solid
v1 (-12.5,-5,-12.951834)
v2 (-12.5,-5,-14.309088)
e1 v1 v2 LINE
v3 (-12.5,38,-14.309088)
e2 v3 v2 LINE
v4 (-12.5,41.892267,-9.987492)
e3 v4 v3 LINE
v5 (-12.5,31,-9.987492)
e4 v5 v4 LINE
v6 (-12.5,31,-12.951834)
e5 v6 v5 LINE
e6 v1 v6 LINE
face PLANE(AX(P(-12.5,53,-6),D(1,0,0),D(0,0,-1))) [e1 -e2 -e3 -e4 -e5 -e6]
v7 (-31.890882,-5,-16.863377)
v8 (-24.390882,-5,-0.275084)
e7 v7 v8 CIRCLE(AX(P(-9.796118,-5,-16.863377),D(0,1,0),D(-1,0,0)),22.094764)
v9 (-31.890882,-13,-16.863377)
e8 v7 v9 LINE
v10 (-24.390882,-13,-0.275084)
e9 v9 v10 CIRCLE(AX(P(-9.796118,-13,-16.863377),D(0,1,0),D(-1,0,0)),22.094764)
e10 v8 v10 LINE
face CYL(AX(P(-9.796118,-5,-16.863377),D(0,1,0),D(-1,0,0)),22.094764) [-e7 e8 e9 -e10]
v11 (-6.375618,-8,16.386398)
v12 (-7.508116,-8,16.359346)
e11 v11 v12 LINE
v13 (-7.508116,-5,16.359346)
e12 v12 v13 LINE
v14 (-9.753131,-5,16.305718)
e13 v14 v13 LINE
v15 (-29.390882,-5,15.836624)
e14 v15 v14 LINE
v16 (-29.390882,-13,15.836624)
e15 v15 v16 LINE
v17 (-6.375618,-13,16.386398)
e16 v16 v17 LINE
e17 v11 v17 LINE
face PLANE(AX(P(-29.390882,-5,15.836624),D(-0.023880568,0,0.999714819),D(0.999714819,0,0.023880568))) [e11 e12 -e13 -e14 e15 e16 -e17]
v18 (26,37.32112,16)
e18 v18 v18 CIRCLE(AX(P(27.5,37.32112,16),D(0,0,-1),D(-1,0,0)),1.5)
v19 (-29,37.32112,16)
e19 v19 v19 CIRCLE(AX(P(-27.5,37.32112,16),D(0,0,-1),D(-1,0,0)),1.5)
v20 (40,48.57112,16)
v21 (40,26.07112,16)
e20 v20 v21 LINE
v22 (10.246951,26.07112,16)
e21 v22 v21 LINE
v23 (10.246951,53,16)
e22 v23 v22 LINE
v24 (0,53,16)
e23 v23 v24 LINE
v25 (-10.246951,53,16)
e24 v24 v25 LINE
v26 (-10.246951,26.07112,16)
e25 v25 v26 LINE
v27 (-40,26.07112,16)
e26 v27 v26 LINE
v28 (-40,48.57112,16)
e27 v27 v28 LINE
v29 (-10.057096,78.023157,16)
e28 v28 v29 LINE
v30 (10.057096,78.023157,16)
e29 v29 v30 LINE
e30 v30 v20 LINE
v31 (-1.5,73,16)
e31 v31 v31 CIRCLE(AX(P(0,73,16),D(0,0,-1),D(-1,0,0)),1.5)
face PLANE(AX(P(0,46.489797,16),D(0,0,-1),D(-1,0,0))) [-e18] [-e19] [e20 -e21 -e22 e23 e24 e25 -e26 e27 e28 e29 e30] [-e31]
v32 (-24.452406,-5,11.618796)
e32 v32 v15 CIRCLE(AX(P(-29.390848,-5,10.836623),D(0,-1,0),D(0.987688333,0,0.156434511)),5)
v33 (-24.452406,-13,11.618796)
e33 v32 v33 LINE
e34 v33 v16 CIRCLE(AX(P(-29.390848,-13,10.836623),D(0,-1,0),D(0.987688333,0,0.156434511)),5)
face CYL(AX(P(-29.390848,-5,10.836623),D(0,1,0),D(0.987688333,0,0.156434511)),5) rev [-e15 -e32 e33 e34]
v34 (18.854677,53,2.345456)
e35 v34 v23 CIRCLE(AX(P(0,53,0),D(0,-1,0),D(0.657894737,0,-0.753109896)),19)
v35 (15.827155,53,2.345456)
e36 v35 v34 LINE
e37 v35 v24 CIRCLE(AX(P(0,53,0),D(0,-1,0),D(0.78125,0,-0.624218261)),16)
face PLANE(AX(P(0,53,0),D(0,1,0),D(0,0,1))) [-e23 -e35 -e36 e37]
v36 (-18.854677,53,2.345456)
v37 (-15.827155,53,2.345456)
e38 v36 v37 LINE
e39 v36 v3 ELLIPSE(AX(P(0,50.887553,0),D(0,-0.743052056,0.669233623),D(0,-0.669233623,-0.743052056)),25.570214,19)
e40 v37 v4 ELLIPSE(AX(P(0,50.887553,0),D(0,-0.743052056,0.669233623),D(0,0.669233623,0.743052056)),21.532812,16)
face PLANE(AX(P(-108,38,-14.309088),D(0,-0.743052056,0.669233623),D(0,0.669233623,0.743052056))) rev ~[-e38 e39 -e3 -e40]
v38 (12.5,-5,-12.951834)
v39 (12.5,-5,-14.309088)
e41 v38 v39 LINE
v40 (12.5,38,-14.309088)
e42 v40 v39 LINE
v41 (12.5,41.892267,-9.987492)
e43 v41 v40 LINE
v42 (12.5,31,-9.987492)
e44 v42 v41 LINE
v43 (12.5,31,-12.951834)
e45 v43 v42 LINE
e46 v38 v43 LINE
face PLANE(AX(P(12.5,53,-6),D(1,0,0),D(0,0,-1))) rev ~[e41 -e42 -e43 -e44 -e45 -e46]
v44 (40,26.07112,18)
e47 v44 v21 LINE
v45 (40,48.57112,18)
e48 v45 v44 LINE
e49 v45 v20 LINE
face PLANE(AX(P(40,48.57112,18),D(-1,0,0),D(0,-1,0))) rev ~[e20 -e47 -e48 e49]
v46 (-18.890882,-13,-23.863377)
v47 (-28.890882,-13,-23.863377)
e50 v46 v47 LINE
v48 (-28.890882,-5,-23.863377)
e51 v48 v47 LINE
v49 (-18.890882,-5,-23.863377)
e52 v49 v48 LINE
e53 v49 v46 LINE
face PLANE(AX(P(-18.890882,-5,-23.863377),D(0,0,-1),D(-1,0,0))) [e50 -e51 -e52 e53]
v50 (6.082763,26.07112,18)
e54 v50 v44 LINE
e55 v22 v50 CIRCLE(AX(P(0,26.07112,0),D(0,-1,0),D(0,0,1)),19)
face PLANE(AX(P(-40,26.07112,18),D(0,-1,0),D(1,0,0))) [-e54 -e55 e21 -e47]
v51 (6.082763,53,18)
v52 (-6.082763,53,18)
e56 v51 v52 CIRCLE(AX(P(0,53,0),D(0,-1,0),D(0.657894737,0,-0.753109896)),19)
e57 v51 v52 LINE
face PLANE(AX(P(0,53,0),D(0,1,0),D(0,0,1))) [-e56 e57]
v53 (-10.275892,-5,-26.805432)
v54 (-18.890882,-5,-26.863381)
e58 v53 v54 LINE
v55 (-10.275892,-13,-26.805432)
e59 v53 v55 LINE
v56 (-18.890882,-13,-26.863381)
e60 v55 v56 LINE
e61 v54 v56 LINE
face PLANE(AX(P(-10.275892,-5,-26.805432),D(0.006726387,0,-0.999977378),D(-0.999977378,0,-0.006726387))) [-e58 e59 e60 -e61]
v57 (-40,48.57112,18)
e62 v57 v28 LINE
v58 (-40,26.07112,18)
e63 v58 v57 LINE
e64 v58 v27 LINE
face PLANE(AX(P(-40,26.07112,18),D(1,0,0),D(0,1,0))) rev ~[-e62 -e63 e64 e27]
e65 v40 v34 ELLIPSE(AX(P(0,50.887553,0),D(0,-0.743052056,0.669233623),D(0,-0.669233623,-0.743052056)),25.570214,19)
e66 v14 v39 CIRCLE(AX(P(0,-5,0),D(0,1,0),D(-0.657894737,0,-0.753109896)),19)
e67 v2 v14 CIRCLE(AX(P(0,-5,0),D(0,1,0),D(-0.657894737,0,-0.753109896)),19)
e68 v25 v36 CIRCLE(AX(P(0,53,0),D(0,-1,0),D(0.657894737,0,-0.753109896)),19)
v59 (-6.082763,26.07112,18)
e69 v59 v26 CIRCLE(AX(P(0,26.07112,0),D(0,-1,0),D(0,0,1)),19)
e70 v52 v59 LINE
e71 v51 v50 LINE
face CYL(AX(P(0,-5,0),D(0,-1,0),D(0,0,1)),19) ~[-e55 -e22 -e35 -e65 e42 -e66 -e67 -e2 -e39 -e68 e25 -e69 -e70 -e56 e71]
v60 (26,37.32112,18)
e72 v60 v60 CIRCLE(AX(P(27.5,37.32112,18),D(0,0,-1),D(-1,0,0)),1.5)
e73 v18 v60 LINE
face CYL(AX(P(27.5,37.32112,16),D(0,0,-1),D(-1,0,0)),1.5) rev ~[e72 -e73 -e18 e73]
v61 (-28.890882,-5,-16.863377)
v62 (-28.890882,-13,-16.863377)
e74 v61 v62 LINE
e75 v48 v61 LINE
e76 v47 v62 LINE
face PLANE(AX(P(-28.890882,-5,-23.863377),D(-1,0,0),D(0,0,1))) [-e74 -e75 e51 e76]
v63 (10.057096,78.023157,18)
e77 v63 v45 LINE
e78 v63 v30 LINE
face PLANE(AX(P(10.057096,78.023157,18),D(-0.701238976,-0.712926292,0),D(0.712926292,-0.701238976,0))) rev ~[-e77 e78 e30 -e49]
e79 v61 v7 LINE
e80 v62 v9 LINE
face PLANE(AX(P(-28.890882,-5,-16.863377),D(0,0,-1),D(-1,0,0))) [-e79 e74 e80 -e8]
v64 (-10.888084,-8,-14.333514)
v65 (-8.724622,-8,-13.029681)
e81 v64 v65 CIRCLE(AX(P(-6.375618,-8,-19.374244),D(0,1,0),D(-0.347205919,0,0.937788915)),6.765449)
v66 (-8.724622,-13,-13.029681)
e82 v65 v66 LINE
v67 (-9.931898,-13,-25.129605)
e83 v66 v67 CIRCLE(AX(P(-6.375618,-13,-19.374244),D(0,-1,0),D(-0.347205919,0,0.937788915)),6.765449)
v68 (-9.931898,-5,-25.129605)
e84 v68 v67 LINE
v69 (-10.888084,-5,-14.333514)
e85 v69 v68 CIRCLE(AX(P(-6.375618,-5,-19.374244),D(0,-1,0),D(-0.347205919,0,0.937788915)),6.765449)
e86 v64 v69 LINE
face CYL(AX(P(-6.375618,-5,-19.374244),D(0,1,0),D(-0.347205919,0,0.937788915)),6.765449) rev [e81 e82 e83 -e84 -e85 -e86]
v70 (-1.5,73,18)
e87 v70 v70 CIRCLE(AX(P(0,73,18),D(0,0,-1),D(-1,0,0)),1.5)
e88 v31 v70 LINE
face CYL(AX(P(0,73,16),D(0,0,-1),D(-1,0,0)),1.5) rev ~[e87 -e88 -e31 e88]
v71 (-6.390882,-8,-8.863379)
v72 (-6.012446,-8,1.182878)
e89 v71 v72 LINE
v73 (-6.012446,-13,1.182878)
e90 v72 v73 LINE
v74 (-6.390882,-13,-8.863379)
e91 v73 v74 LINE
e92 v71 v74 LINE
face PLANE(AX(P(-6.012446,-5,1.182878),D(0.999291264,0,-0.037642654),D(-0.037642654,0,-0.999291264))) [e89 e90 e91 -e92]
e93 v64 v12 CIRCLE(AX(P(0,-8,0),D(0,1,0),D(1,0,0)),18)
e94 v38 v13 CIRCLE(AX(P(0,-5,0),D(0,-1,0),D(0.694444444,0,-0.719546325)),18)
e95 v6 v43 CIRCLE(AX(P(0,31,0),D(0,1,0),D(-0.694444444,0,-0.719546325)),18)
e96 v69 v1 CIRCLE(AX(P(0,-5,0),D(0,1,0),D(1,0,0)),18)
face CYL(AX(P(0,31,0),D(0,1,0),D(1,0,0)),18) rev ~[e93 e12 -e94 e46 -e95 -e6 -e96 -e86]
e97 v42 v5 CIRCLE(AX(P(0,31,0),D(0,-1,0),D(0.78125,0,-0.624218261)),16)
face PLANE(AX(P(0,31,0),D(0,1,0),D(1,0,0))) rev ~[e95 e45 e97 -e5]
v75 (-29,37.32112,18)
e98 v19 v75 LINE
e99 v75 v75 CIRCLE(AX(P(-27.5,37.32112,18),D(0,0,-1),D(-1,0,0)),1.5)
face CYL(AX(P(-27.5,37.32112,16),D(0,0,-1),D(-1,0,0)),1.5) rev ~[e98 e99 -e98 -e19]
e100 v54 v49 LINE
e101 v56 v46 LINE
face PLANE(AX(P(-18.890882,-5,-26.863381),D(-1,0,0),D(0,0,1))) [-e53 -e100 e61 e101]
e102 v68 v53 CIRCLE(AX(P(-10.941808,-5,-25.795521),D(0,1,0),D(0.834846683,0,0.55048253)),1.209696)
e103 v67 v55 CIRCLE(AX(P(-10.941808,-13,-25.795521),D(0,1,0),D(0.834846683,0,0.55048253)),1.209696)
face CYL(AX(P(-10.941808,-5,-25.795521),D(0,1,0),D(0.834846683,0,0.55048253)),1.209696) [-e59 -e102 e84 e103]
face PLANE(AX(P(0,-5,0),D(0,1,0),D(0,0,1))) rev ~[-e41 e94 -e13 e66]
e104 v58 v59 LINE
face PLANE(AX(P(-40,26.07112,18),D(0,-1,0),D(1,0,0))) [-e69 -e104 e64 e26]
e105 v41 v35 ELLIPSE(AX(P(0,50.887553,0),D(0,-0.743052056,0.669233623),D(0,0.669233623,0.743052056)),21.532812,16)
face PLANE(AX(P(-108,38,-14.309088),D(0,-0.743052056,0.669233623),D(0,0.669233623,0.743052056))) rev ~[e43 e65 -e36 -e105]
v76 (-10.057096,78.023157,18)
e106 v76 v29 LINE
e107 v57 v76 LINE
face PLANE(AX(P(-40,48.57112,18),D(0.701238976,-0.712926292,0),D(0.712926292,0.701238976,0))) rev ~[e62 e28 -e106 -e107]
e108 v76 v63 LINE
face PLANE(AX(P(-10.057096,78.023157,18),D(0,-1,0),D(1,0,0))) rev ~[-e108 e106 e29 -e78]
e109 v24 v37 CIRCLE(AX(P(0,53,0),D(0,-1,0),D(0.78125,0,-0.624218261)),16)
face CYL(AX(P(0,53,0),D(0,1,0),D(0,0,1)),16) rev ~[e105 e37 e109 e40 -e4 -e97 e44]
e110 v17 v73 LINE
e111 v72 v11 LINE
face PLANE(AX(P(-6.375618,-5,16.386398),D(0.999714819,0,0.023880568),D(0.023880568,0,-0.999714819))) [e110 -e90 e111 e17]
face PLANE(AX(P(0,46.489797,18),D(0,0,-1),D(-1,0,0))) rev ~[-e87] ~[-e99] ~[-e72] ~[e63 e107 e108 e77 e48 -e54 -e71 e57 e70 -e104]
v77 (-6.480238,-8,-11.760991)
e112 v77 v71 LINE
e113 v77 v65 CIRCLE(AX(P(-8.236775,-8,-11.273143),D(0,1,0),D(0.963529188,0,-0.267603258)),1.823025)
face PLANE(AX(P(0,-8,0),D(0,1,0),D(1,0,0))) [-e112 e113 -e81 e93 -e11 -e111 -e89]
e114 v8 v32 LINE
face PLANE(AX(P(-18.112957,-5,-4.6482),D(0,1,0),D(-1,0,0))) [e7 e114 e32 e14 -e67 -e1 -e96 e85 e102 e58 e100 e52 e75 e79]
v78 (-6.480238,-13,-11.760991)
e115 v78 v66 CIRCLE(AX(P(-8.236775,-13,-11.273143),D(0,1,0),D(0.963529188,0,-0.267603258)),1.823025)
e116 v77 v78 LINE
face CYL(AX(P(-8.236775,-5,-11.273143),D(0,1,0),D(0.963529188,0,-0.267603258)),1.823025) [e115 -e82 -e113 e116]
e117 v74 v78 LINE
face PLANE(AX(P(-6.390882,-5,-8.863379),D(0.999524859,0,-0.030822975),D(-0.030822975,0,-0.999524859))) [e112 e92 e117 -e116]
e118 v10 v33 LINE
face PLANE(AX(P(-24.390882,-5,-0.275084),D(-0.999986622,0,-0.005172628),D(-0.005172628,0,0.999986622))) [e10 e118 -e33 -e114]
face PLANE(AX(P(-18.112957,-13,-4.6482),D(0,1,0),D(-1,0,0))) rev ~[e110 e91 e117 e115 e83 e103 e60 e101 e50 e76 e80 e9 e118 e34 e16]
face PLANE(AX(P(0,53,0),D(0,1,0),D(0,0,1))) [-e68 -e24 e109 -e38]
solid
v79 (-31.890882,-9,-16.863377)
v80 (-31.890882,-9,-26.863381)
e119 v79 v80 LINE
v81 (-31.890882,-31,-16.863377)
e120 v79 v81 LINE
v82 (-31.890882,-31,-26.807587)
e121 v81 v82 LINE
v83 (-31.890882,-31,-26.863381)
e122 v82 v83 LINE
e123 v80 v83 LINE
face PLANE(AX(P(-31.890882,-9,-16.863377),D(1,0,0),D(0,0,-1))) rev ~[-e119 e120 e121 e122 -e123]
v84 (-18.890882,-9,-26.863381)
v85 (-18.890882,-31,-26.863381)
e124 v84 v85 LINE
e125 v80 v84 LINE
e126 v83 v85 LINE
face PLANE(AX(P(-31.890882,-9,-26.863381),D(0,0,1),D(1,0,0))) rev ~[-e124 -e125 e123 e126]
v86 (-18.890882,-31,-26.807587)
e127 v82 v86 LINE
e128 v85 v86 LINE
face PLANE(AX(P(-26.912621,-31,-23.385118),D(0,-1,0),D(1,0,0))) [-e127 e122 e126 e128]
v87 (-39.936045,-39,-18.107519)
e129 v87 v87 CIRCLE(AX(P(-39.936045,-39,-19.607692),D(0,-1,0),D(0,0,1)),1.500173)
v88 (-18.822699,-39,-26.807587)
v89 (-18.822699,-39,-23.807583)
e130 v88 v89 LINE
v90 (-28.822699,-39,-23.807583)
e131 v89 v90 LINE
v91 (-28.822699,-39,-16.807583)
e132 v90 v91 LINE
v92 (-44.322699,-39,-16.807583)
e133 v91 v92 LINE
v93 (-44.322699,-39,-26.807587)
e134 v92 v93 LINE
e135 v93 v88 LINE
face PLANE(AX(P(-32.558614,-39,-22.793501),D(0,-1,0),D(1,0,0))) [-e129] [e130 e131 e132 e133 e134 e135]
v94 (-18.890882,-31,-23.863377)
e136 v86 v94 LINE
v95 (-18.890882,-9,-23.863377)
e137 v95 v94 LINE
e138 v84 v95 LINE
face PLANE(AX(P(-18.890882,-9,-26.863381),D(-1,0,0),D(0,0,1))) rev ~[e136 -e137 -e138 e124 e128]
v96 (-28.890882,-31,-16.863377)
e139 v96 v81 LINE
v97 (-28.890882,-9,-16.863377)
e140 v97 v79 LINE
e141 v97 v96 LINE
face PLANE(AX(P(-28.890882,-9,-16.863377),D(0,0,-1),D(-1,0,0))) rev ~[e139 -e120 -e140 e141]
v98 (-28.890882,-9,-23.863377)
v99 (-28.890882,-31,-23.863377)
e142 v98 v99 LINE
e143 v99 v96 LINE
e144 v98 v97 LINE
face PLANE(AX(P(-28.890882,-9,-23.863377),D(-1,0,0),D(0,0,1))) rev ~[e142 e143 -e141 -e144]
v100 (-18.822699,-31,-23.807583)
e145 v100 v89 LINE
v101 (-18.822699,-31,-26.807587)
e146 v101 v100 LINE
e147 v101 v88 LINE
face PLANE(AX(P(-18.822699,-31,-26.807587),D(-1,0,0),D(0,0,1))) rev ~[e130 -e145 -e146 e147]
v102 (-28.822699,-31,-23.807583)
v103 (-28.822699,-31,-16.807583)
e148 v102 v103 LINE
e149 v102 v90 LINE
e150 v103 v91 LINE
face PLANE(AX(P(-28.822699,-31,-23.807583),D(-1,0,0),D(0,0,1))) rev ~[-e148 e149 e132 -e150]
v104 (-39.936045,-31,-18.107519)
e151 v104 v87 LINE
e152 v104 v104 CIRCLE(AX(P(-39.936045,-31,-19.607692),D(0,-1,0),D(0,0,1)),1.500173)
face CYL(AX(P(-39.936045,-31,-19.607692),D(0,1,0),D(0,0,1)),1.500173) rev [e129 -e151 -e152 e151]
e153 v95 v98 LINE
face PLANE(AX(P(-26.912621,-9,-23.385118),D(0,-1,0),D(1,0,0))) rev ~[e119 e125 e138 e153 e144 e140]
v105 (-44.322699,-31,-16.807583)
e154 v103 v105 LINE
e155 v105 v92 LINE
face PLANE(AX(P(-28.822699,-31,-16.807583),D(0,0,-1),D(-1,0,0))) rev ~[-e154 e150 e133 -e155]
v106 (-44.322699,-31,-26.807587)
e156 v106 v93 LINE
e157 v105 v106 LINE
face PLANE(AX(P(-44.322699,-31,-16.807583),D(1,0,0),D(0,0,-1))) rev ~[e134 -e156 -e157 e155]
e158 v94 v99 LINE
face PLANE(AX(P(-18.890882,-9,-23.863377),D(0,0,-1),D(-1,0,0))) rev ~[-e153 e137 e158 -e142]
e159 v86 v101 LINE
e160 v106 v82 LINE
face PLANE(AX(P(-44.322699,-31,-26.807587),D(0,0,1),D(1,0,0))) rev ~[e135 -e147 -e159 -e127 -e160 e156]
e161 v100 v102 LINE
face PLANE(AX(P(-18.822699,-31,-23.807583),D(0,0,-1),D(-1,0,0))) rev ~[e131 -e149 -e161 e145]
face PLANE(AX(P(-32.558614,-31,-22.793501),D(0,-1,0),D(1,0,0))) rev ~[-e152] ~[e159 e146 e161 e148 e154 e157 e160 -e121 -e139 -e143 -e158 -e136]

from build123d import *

# Parameters (mm, degrees)
BOSS_EXTRUDE1_DEPTH      = 53
BOSS_EXTRUDE1_DEPTH_BACK = 5
SKETCH1_R                = 19
SKETCH2_R                = 16
CUT_EXTRUDE1_DEPTH       = 22
SKETCH3_W                = 25
SKETCH3_H                = 20
CUT_EXTRUDE2_DEPTH       = 108
CUT_EXTRUDE3_DEPTH       = 108
CUT_EXTRUDE3_DEPTH_BACK  = 108
BOSS_EXTRUDE2_DEPTH      = 2
SKETCH10_R               = 1.5
CUT_EXTRUDE4_DEPTH       = 16
BOSS_EXTRUDE3_DEPTH      = 8
BOSS_EXTRUDE5_DEPTH      = 18
BOSS_EXTRUDE5_DEPTH_BACK = 4
SKETCH13_R               = 1.500172947
BOSS_EXTRUDE6_DEPTH      = 8
SKETCH15_R               = 18
CUT_EXTRUDE5_DEPTH       = 39


with BuildPart() as part:
    # Sketch1 → Boss-Extrude1 (new, two sides: drawn at the far end of the back side and taken through both)
    with BuildSketch(Plane(origin=(0, 0, 0), x_dir=(1, 0, 0), z_dir=(0, 1, 0)).offset(-BOSS_EXTRUDE1_DEPTH_BACK)):
        with Locations(Location((0, 0, 0), (0, 0, 270))):
            Circle(SKETCH1_R)
    extrude(amount=BOSS_EXTRUDE1_DEPTH + BOSS_EXTRUDE1_DEPTH_BACK)

    # Sketch2 → Cut-Extrude1 (cut)
    with BuildSketch(Plane(origin=(0, 53, 0), x_dir=(1, 0, 0), z_dir=(0, 1, 0))):
        with Locations(Location((0, 0, 0), (0, 0, 270))):
            Circle(SKETCH2_R)
    extrude(amount=-CUT_EXTRUDE1_DEPTH, mode=Mode.SUBTRACT)

    # Sketch3 → Cut-Extrude2 (cut)
    with BuildSketch(Plane(origin=(0, 53, 0), x_dir=(1, 0, 0), z_dir=(0, 1, 0))):
        with Locations((0, 16)):
            Rectangle(SKETCH3_W, SKETCH3_H)
    extrude(amount=-CUT_EXTRUDE2_DEPTH, mode=Mode.SUBTRACT)

    # Sketch7 → Cut-Extrude3 (cut, two sides: drawn at the far end of the back side and taken through both)
    with BuildSketch(Plane(origin=(0, 0, 0), x_dir=(0, 0, -1), z_dir=(1, 0, 0)).offset(-CUT_EXTRUDE3_DEPTH_BACK)):
        Polygon((14.309088021, 53), (14.309088021, 38), (-2.345455989, 53), align=None)
    extrude(amount=CUT_EXTRUDE3_DEPTH + CUT_EXTRUDE3_DEPTH_BACK, mode=Mode.SUBTRACT)

    # Sketch8 → Boss-Extrude2 (add)
    with BuildSketch(Plane.XY.offset(18)):
        Polygon((10.05709572, 78.023156751), (40, 48.571119754), (40, 26.071119754), (0, 26.071119754), (-40, 26.071119754), (-40, 48.571119754), (-10.05709572, 78.023156751), align=None)
    extrude(amount=-BOSS_EXTRUDE2_DEPTH)

    # Sketch10 → Cut-Extrude4 (cut)
    with BuildSketch(Plane(origin=(0, 0, 16), x_dir=(-1, 0, 0), z_dir=(0, 0, -1))):
        with Locations((-27.5, 37.321119754)):
            Circle(SKETCH10_R)
        with Locations((27.5, 37.321119754)):
            Circle(SKETCH10_R)
        with Locations((0, 73)):
            Circle(SKETCH10_R)
    extrude(amount=-CUT_EXTRUDE4_DEPTH, mode=Mode.SUBTRACT)

    # Sketch11 → Boss-Extrude3 (add)
    with BuildSketch(Plane.XZ.offset(5)):
        with BuildLine():
            Line((-6.390882144, -8.863379027), (-6.480237612, -11.760990645))
            ThreePointArc((-6.480237612, -11.760990645), (-7.33967567, -12.860163004), (-8.724622378, -13.029680754))
            ThreePointArc((-8.724622378, -13.029680754), (-13.107641391, -18.70255332), (-9.931897769, -25.129604841))
            ThreePointArc((-9.931897769, -25.129604841), (-9.756819698, -26.038761874), (-10.275891909, -26.805431868))
            Line((-10.275891909, -26.805431868), (-18.890882144, -26.863380934))
            Line((-18.890882144, -26.863380934), (-18.890882144, -23.863377119))
            Line((-18.890882144, -23.863377119), (-28.890882144, -23.863377119))
            Line((-28.890882144, -23.863377119), (-28.890882144, -16.863377119))
            Line((-28.890882144, -16.863377119), (-31.890882144, -16.863377119))
            ThreePointArc((-31.890882144, -16.863377119), (-29.928759086, -7.76088478), (-24.390882144, -0.275084044))
            Line((-24.390882144, -0.275084044), (-24.452405581, 11.618795847))
            ThreePointArc((-24.452405581, 11.618795847), (-26.143620347, 14.638664645), (-29.390882144, 15.836623644))
            Line((-29.390882144, 15.836623644), (-6.375618396, 16.386397999))
            Line((-6.375618396, 16.386397999), (-6.012446141, 1.182878311))
            Line((-6.012446141, 1.182878311), (-6.390882144, -8.863379027))
        make_face()
    extrude(amount=BOSS_EXTRUDE3_DEPTH)

    # Sketch15 → Cut-Extrude5 (cut)
    with BuildSketch(Plane(origin=(0, 31, 0), x_dir=(1, 0, 0), z_dir=(0, 1, 0))):
        Circle(SKETCH15_R)
    extrude(amount=-CUT_EXTRUDE5_DEPTH, mode=Mode.SUBTRACT)


with BuildPart() as body_2:
    # Sketch12 → Boss-Extrude5 (new, two sides: drawn at the far end of the back side and taken through both)
    with BuildSketch(Plane.XZ.offset(13).offset(-BOSS_EXTRUDE5_DEPTH_BACK)):
        Polygon((-31.890882144, -26.863380934), (-18.890882144, -26.863380934), (-18.890882144, -23.863377119), (-28.890882144, -23.863377119), (-28.890882144, -16.863377119), (-31.890882144, -16.863377119), align=None)
    extrude(amount=BOSS_EXTRUDE5_DEPTH + BOSS_EXTRUDE5_DEPTH_BACK)

    # Sketch13 → Boss-Extrude6 (add)
    with BuildSketch(Plane.XZ.offset(31)):
        Polygon((-44.322698898, -26.807587047), (-18.822698898, -26.807587047), (-18.822698898, -23.807583233), (-28.822698898, -23.807583233), (-28.822698898, -16.807583233), (-44.322698898, -16.807583233), align=None)
        with Locations(Location((-39.936045011, -19.607691517, 0), (0, 0, 90))):
            Circle(SKETCH13_R, mode=Mode.SUBTRACT)
    extrude(amount=BOSS_EXTRUDE6_DEPTH)


solid = Compound([part.part, body_2.part])
